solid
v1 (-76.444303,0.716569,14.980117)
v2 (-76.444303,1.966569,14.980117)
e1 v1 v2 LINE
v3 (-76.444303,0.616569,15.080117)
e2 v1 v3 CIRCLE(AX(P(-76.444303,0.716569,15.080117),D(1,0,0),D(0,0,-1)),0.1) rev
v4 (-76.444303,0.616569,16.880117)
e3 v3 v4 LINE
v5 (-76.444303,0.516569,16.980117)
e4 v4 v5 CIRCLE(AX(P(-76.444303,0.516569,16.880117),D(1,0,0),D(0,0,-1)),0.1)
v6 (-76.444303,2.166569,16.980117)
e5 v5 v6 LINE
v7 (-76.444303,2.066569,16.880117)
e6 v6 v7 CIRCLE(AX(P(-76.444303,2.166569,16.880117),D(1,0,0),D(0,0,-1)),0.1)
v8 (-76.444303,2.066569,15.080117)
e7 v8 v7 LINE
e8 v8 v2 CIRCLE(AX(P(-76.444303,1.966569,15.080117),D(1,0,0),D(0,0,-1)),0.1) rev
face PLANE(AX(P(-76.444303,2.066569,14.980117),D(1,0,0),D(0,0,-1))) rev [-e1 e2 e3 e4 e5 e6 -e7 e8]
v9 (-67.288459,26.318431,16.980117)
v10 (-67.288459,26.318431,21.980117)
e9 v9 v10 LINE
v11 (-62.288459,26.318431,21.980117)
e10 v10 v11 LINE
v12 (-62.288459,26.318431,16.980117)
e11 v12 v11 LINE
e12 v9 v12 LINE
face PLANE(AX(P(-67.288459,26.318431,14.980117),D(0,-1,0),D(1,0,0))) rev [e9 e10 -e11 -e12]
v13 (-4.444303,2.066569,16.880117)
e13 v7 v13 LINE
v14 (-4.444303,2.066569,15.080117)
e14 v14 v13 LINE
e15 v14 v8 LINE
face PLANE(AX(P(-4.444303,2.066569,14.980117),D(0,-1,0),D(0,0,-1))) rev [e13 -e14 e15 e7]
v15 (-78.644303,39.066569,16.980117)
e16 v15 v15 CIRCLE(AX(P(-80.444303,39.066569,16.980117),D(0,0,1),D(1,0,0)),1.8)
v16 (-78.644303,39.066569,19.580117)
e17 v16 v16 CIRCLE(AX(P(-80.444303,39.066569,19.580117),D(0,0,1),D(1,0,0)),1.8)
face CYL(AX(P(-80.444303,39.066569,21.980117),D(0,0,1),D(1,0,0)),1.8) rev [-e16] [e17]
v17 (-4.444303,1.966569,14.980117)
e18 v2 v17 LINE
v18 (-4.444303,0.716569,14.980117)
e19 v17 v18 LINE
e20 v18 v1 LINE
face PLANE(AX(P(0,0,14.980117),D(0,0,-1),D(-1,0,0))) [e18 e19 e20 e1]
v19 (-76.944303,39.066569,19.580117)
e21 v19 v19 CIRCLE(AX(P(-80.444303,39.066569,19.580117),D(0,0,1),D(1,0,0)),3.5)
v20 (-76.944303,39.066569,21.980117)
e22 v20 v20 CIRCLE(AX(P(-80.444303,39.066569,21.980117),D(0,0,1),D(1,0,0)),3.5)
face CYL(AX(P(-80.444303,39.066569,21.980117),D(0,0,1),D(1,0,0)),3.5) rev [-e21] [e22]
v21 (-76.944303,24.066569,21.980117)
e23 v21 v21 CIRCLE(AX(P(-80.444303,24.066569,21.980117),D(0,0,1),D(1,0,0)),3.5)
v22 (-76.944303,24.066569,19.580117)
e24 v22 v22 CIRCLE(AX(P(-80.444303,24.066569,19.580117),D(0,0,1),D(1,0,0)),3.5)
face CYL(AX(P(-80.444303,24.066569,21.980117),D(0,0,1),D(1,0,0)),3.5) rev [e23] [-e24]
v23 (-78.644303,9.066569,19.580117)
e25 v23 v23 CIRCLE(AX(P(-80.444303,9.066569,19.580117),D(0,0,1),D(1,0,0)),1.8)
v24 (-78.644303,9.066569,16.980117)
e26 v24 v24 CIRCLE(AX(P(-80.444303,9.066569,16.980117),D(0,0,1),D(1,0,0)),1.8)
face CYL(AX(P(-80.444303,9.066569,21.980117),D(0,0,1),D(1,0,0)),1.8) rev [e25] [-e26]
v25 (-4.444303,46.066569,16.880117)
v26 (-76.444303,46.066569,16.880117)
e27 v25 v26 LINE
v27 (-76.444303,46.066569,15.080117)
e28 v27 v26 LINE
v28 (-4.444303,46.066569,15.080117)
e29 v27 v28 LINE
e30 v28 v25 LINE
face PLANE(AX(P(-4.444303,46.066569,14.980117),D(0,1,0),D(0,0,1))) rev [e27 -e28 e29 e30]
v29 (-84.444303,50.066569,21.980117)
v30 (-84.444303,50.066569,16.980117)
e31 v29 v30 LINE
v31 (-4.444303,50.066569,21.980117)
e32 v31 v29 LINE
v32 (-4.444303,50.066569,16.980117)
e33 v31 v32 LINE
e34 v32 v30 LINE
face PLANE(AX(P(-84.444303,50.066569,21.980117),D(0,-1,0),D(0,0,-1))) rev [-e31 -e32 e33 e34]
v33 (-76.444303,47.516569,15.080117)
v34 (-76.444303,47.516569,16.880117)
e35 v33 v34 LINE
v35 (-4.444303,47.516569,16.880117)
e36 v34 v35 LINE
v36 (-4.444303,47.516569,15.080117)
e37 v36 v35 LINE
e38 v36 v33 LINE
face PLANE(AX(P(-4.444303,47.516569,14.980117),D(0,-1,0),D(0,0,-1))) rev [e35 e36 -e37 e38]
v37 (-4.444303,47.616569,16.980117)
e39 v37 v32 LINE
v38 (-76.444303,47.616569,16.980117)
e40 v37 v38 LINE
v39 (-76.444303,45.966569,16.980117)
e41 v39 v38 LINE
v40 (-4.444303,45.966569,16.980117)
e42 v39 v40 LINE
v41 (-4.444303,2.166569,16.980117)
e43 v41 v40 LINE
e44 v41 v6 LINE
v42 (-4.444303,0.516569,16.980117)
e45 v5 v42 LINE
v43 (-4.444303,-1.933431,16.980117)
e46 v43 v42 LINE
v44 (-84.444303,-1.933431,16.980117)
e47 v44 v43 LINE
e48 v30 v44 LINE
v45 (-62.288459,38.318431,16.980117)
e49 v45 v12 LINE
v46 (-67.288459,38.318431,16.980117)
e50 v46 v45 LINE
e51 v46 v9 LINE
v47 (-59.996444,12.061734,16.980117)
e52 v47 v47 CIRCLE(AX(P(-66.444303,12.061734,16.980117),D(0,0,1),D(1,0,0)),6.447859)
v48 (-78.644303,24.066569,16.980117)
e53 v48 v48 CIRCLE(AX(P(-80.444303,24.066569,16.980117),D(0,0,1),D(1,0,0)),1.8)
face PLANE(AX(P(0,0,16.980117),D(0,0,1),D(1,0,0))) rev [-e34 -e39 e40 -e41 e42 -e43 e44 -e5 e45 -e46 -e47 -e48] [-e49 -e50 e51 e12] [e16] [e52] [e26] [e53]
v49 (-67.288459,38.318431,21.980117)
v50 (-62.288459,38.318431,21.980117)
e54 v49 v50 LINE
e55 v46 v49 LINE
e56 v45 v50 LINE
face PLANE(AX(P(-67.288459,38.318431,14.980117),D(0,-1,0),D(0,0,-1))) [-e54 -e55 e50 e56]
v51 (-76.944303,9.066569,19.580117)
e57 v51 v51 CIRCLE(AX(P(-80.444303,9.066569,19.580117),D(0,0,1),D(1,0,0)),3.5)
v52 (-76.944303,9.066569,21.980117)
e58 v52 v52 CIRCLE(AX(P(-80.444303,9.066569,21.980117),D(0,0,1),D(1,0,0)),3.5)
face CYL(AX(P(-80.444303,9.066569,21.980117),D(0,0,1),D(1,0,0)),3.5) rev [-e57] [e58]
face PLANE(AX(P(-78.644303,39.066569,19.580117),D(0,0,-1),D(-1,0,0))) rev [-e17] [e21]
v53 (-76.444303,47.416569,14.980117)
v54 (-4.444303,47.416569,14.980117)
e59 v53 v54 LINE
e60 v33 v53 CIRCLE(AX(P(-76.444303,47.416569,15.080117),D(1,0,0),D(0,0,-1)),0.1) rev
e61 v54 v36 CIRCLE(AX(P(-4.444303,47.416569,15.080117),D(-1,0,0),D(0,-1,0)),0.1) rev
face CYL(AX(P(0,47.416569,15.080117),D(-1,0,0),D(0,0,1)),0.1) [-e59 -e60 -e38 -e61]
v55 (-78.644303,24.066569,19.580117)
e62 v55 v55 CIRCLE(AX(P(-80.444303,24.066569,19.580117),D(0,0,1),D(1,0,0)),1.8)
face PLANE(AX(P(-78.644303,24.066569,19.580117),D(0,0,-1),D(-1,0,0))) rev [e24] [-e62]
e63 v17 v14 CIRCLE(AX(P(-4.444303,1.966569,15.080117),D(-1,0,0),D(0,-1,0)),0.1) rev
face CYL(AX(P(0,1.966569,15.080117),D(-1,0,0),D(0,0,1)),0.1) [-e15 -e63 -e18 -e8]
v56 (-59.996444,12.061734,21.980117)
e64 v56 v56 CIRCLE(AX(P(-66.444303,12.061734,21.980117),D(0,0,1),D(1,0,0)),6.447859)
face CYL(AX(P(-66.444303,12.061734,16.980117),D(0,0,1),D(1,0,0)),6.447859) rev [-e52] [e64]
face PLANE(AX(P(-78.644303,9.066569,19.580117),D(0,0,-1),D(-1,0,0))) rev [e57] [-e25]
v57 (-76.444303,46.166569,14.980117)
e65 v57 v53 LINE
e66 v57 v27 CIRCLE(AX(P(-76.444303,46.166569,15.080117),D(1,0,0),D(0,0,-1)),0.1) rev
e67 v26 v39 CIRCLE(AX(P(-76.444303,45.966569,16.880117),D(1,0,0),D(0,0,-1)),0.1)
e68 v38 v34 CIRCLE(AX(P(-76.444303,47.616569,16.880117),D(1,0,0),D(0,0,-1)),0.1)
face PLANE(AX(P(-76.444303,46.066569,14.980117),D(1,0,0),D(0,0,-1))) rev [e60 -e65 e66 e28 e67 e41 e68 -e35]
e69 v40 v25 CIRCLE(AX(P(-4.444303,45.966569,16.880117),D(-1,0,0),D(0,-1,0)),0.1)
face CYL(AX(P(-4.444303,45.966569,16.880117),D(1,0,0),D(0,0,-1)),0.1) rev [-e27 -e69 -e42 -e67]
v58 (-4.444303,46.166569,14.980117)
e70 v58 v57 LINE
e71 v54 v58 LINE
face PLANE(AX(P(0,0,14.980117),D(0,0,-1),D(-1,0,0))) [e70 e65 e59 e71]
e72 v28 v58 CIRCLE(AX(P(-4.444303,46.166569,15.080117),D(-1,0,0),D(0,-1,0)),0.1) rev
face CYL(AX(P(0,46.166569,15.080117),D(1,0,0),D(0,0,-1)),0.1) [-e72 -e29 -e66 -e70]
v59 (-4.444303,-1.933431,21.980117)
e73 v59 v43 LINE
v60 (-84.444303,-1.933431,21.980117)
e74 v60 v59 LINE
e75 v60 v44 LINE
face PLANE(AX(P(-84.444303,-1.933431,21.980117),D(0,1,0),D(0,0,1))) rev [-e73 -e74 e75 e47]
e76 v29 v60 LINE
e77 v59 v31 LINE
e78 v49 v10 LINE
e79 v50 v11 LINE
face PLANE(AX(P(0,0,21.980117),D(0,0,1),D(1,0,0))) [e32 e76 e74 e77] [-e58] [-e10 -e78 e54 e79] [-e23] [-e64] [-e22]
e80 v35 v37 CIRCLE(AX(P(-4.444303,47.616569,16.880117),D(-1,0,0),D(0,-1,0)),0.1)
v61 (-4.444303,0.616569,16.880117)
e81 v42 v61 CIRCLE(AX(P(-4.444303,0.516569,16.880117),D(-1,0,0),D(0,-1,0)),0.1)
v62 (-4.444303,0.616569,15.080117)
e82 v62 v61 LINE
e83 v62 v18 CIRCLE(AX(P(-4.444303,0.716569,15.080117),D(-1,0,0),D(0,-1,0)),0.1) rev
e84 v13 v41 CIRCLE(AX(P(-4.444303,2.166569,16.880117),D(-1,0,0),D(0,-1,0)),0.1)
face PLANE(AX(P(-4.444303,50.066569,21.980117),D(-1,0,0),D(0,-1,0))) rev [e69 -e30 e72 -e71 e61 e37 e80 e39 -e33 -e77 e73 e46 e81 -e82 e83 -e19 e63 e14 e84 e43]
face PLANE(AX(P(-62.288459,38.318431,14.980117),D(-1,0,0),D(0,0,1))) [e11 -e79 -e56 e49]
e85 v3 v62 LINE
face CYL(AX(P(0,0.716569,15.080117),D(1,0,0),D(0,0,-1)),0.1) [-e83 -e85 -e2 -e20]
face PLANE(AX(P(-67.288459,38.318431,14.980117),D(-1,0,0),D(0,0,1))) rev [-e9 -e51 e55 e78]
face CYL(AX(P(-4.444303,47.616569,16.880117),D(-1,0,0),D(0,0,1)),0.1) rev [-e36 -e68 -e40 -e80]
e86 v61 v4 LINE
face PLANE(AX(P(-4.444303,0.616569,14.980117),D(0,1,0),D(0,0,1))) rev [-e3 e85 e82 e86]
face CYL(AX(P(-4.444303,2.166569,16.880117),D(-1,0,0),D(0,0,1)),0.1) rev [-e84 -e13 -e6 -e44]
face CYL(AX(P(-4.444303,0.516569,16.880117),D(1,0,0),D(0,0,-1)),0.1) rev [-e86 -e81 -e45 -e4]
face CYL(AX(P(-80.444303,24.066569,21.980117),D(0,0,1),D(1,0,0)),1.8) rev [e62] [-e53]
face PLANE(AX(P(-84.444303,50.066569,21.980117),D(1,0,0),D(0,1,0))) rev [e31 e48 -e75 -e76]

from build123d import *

# Parameters (mm, degrees)
ESQUISSE1_W                                        = 80
ESQUISSE1_H                                        = 52
BOSS_EXTRU_1_DEPTH                                 = 5
ESQUISSE2_R                                        = 6.447859464
ENL_V_MAT_EXTRU_1_DEPTH                            = 5
CHAMBRAGE_POUR_VIS_T_TE_RONDE_BOMB_E_M_D           = 3.6
CHAMBRAGE_POUR_VIS_T_TE_RONDE_BOMB_E_M_CBORE_D     = 7
CHAMBRAGE_POUR_VIS_T_TE_RONDE_BOMB_E_M_CBORE_DEPTH = 2.4
ESQUISSE5_W                                        = 72
ESQUISSE5_H                                        = 1.45
BOSS_EXTRU_2_DEPTH                                 = 2
CONG_1_R                                           = 0.1
ESQUISSE6_W                                        = 5
ESQUISSE6_H                                        = 12
ENL_V_MAT_EXTRU_2_DEPTH                            = 99.420026836


with BuildPart() as part:
    # Esquisse1 → Boss.-Extru.1 (new body)
    with BuildSketch(Plane.XY.offset(16.98011664)):
        with Locations((-44.444303066, 24.066569306)):
            Rectangle(ESQUISSE1_W, ESQUISSE1_H)
    extrude(amount=BOSS_EXTRU_1_DEPTH)

    # Esquisse2 → Enlèv. mat.-Extru.1 (cut)
    with BuildSketch(Plane.XY.offset(21.98011664)):
        with Locations((-66.444303066, 12.061734253)):
            Circle(ESQUISSE2_R)
    extrude(amount=-ENL_V_MAT_EXTRU_1_DEPTH, mode=Mode.SUBTRACT)

    # Chambrage pour vis à tête ronde bombée M34 (through all)
    with Locations(Plane.XY.offset(21.98011664)):
        with Locations((-80.444303066, 9.066569306), (-80.444303066, 24.066569306), (-80.444303066, 39.066569306)):
            CounterBoreHole(CHAMBRAGE_POUR_VIS_T_TE_RONDE_BOMB_E_M_D / 2, CHAMBRAGE_POUR_VIS_T_TE_RONDE_BOMB_E_M_CBORE_D / 2, CHAMBRAGE_POUR_VIS_T_TE_RONDE_BOMB_E_M_CBORE_DEPTH)

    # Esquisse5 → Boss.-Extru.2 (add)
    with BuildSketch(Plane(origin=(0, 0, 16.98011664), x_dir=(-1, 0, 0), z_dir=(0, 0, -1))):
        with Locations((40.444303066, 1.341569306)):
            Rectangle(ESQUISSE5_W, ESQUISSE5_H)
        with Locations((40.444303066, 46.791569306)):
            Rectangle(ESQUISSE5_W, ESQUISSE5_H)
    extrude(amount=BOSS_EXTRU_2_DEPTH)

    # Congé1
    cong_1_edges = [part.edges().sort_by_distance(p)[0] for p in [
        (-40.444303066, 0.616569306, 16.98011664),
        (-40.444303066, 2.066569306, 16.98011664),
        (-40.444303066, 0.616569306, 14.98011664),
        (-40.444303066, 2.066569306, 14.98011664),
        (-40.444303066, 46.066569306, 16.98011664),
        (-40.444303066, 47.516569306, 16.98011664),
        (-40.444303066, 46.066569306, 14.98011664),
        (-40.444303066, 47.516569306, 14.98011664),
    ]]
    fillet(cong_1_edges, radius=CONG_1_R)

    # Esquisse6 → Enlèv. mat.-Extru.2 (cut, through all)
    with BuildSketch(Plane.XY.offset(21.98011664)):
        with Locations((-64.788459284, 32.318430869)):
            Rectangle(ESQUISSE6_W, ESQUISSE6_H)
    extrude(amount=-ENL_V_MAT_EXTRU_2_DEPTH, mode=Mode.SUBTRACT)


solid = part.part
